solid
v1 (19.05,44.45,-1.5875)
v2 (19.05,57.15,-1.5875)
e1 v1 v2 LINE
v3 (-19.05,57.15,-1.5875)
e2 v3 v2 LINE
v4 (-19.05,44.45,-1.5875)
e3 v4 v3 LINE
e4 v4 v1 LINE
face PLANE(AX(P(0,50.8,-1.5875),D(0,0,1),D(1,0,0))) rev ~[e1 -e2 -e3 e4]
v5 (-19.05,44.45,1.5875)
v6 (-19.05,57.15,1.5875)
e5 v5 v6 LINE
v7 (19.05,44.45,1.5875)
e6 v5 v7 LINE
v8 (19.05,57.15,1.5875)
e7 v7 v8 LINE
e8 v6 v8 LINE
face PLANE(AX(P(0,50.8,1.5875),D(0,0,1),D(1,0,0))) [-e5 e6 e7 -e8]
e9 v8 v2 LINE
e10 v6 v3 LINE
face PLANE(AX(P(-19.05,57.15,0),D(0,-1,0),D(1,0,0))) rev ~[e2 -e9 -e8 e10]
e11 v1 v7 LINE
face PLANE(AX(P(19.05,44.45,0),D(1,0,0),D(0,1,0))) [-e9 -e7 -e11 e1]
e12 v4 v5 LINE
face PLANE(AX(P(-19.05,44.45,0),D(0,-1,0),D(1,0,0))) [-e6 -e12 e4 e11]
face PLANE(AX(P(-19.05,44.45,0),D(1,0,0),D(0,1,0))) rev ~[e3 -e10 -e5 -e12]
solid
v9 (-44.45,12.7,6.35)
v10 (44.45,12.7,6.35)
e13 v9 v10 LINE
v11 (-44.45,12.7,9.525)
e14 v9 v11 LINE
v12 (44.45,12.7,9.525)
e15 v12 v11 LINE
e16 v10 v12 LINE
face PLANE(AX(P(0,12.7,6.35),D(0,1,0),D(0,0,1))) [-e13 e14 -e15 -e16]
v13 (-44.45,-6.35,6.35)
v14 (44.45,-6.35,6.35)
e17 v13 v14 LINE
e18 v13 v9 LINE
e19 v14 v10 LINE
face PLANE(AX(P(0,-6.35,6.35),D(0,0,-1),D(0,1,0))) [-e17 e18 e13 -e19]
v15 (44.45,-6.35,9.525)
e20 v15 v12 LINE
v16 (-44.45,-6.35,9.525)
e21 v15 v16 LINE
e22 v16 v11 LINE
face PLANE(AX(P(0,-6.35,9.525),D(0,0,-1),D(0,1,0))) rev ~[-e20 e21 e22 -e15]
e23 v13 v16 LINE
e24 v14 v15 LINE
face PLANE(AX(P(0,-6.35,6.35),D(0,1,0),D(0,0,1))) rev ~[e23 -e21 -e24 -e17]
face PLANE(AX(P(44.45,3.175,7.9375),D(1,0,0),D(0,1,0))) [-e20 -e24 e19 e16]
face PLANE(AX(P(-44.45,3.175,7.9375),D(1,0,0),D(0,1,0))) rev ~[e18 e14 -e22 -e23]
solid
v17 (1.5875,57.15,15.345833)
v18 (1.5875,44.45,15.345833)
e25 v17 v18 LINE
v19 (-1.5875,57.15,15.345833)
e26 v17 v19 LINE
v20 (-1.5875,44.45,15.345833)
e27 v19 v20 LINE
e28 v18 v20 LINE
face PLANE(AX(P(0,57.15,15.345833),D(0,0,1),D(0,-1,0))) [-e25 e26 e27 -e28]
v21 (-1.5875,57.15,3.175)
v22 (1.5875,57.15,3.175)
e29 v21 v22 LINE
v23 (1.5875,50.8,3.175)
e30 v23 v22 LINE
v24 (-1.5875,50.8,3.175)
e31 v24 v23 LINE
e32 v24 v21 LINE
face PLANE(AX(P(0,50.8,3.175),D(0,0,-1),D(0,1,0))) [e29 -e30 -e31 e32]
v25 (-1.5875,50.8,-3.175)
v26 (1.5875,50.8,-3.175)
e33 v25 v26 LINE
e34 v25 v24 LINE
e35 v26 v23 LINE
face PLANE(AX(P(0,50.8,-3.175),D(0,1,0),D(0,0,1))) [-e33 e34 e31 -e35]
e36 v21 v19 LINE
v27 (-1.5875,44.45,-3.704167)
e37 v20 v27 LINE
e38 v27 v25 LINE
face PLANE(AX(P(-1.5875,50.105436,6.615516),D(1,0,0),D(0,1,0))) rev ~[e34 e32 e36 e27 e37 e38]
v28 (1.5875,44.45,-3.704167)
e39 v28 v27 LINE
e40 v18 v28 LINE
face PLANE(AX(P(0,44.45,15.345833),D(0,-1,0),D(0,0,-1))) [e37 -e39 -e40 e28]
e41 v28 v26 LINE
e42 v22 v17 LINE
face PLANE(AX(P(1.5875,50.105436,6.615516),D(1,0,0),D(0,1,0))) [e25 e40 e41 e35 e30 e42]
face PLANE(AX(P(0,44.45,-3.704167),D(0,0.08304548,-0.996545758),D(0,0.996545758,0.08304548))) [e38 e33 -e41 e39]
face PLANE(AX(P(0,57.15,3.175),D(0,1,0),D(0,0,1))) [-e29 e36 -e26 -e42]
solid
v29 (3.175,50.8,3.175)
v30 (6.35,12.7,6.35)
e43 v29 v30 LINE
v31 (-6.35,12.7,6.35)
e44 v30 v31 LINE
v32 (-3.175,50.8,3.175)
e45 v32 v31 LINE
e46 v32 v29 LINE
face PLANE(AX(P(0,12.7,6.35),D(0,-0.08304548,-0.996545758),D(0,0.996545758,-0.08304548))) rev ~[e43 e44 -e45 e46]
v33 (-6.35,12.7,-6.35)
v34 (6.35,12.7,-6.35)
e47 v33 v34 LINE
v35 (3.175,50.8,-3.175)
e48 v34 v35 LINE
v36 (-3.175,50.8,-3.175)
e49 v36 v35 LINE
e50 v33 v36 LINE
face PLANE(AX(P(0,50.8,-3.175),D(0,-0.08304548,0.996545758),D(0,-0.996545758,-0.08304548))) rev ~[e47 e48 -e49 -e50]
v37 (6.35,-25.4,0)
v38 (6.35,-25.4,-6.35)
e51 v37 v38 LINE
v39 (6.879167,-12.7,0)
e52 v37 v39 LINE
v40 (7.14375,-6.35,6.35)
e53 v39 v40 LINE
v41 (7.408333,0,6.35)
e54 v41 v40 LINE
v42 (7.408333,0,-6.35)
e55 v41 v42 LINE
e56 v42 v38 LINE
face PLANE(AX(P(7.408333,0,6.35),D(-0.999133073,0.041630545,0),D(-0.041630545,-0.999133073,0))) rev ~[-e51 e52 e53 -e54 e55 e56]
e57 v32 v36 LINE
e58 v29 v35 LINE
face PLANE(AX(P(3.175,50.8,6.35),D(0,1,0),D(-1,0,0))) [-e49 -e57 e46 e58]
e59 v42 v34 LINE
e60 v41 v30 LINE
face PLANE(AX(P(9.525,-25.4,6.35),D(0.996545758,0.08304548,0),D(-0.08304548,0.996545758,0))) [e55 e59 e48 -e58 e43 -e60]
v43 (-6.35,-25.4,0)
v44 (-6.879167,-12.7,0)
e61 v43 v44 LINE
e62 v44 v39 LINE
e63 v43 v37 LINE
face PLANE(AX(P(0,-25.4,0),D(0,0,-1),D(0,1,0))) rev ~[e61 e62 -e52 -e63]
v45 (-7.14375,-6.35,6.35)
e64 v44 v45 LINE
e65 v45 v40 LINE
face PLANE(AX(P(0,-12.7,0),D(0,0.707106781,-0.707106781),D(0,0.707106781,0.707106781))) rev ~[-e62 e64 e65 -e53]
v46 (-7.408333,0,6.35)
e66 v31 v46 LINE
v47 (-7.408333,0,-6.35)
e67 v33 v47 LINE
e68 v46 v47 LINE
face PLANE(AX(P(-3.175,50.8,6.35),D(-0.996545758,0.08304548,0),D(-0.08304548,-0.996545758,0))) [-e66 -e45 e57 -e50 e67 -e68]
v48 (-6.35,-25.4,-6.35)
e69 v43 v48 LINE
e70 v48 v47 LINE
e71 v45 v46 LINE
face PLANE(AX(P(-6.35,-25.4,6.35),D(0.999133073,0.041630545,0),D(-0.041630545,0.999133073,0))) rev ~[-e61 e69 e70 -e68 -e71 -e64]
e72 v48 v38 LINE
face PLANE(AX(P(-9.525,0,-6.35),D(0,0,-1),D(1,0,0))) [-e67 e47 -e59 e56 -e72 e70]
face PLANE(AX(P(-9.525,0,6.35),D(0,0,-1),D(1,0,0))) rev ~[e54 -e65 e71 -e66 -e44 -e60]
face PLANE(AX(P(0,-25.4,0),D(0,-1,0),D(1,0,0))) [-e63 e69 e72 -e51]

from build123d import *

# Parameters (mm, degrees)
F0_W          = 19.05
F0_H          = 12.7
F1_DEPTH      = 25.4
F1_DEPTH_BACK = 50.8
F3_DEPTH      = 12.7
F5_DEPTH      = 12.7
F7_DEPTH      = 7.14475
F7_DEPTH_BACK = 7.14475
F8_W          = 19.0499999978
F8_H          = 3.175
F9_DEPTH      = 44.45
F10_W         = 38.1
F10_H         = 12.7
F11_DEPTH     = 1.5875
F13_DEPTH     = 1.5875


with BuildPart() as f1:
    # F0 (on Front) → F1 (new body, two sides)
    with BuildSketch(Plane.XZ) as f1_sk:
        Rectangle(F0_W, F0_H)
    extrude(amount=F1_DEPTH)
    extrude(f1_sk.sketch, amount=-F1_DEPTH_BACK)

    # F2 (on face) → F3 (intersect, through all)
    with BuildSketch(Plane.XY.offset(6.35)):
        Polygon((-3.175, 50.8), (-9.525, -25.4), (0, -25.4), (9.525, -25.4), (3.175, 50.8), (0, 50.8), align=None)
    extrude(amount=-F3_DEPTH, mode=Mode.INTERSECT)

    # F4 (on face) → F5 (cut, through all)
    with BuildSketch(Plane.XY.offset(6.35)):
        Polygon((-6.35, -25.4), (-7.4083333333, 0), (-9.525, -25.4), align=None)
        Polygon((7.4083333333, 0), (6.35, -25.4), (9.525, -25.4), align=None)
    extrude(amount=-F5_DEPTH, mode=Mode.SUBTRACT)

    # F6 (on Right) → F7 (cut, two sides)
    with BuildSketch(Plane.YZ) as f7_sk:
        Polygon((-12.7, 0), (-6.35, 6.35), (-25.4, 6.35), (-25.4, 0), align=None)
        Polygon((50.8, 6.35), (12.7, 6.35), (50.8, 3.175), align=None)
        Polygon((50.8, -3.175), (12.7, -6.35), (50.8, -6.35), align=None)
    extrude(amount=-F7_DEPTH, mode=Mode.SUBTRACT)
    extrude(f7_sk.sketch, amount=F7_DEPTH_BACK, mode=Mode.SUBTRACT)


with BuildPart() as f9:
    # F8 (on Right) → F9 (new body, symmetric)
    with BuildSketch(Plane.YZ):
        with Locations((3.1749999989, 7.9375)):
            Rectangle(F8_W, F8_H)
    extrude(amount=F9_DEPTH, both=True)


with BuildPart() as f11:
    # F10 (on Top) → F11 (new body, symmetric)
    with BuildSketch(Plane.XY):
        with Locations((-2e-10, 50.8)):
            Rectangle(F10_W, F10_H)
    extrude(amount=F11_DEPTH, both=True)


with BuildPart() as f13:
    # F12 (on Right) → F13 (new body, symmetric)
    with BuildSketch(Plane.YZ):
        Polygon((44.45, -3.7041666667), (50.8, -3.175), (50.8, 3.175), (57.15, 3.175), (57.15, 15.3458333333), (50.8, 15.3458333333), (44.45, 15.3458333333), align=None)
    extrude(amount=F13_DEPTH, both=True)


solid = Compound([f1.part, f9.part, f11.part, f13.part])
